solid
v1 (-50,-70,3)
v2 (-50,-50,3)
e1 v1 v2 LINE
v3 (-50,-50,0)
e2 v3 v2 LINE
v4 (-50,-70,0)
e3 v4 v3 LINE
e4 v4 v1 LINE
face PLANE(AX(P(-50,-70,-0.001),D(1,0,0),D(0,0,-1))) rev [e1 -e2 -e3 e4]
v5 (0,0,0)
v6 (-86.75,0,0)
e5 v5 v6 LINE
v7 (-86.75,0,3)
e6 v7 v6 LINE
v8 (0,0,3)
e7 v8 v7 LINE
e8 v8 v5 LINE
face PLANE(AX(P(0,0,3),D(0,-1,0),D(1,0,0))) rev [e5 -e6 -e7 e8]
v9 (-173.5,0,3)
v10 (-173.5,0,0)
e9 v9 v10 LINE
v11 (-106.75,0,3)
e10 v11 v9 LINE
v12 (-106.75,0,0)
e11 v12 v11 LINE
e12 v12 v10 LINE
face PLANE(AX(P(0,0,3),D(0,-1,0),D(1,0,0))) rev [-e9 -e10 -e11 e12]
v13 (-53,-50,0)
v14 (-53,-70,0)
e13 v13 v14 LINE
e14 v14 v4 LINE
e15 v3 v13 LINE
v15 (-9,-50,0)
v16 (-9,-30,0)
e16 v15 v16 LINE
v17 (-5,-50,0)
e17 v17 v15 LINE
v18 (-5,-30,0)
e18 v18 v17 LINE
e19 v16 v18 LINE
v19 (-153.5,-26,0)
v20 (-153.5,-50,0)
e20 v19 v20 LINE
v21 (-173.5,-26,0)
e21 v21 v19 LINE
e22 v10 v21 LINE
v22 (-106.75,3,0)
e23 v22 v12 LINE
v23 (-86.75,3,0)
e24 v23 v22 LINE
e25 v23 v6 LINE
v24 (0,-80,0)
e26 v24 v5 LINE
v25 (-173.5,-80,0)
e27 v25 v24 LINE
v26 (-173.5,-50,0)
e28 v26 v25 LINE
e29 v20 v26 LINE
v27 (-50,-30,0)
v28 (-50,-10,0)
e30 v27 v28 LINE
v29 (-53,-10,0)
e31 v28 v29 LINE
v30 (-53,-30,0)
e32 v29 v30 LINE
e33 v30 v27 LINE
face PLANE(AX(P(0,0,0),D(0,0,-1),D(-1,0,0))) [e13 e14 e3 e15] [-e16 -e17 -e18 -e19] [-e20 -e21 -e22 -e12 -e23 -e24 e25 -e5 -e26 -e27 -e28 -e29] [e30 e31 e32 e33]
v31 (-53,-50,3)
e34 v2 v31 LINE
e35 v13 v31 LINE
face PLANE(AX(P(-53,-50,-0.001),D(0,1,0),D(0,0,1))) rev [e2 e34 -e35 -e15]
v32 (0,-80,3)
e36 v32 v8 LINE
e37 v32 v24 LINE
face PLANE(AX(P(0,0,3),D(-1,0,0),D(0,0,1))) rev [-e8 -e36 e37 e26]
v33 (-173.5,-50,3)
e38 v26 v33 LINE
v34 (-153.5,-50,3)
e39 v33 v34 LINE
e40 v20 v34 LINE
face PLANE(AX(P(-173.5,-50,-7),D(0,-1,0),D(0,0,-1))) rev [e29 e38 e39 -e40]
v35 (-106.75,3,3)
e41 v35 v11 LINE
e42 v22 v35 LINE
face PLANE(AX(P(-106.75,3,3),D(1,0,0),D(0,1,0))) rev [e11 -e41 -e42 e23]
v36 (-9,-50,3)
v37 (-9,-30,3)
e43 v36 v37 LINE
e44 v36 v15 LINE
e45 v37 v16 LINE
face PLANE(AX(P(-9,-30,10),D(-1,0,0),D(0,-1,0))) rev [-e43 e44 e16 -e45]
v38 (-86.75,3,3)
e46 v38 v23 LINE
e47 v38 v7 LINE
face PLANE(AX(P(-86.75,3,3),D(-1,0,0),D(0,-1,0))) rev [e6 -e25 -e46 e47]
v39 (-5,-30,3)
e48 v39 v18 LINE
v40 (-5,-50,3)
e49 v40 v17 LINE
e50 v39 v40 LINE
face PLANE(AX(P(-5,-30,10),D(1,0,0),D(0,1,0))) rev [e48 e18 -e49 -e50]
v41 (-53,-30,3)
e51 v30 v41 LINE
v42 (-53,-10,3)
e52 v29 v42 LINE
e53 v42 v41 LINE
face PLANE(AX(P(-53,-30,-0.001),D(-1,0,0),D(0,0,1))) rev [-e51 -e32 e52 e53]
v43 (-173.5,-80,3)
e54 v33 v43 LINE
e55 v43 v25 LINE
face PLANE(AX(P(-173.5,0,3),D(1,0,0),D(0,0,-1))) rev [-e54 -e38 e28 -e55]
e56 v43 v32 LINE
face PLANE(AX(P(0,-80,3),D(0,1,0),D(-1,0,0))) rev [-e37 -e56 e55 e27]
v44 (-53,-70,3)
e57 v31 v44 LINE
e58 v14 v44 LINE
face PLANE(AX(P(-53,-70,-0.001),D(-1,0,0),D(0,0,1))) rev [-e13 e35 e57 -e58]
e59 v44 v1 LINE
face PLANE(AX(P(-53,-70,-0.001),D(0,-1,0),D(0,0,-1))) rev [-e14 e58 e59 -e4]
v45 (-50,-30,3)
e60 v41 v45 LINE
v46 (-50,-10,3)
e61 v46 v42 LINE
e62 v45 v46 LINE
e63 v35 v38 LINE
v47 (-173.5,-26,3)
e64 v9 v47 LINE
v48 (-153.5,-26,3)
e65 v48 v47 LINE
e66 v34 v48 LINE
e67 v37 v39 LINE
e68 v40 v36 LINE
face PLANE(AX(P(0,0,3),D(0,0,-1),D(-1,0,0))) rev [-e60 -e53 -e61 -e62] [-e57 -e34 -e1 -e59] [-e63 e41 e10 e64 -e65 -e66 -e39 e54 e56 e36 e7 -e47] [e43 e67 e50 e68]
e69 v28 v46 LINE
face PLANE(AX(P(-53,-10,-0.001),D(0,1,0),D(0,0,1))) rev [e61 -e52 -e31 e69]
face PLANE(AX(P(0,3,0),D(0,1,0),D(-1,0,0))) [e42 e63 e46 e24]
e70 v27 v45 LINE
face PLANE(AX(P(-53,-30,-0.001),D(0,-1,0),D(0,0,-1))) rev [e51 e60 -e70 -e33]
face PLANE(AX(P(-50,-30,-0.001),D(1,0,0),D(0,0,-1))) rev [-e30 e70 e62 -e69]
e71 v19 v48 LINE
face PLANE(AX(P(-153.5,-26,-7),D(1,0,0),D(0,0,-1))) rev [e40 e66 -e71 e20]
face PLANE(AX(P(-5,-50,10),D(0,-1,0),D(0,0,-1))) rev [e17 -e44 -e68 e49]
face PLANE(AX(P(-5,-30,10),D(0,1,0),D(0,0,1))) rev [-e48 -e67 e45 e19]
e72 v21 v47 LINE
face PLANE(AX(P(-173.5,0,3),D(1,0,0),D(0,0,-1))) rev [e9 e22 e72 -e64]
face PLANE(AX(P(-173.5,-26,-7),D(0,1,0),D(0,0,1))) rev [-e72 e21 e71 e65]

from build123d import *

# Parameters (mm, degrees)
ESQUISSE2_W             = 173.5
ESQUISSE2_H             = 80
BOSS_EXTRU_2_DEPTH      = 3
ENL_V_MAT_EXTRU_1_REACH = 193.079
ESQUISSE3_W             = 3
ESQUISSE3_H             = 20
ESQUISSE4_W             = 20
ESQUISSE4_H             = 3
BOSS_EXTRU_3_DEPTH      = 3
ESQUISSE5_W             = 4
ESQUISSE5_H             = 20
ENL_V_MAT_EXTRU_2_DEPTH = 10
ESQUISSE6_W             = 20
ESQUISSE6_H             = 24
ENL_V_MAT_EXTRU_3_DEPTH = 10


with BuildPart() as part:
    # Esquisse2 → Boss.-Extru.2 (new body)
    with BuildSketch(Plane.XY):
        with Locations((-86.75, -40)):
            Rectangle(ESQUISSE2_W, ESQUISSE2_H)
    extrude(amount=BOSS_EXTRU_2_DEPTH)

    # Esquisse3 → Enlèv. mat.-Extru.1 (cut, up to next)
    with BuildSketch(Plane.XY.offset(3), mode=Mode.PRIVATE) as enl_v_mat_extru_1_sk1:
        with Locations((-51.5, -60)):
            Rectangle(ESQUISSE3_W, ESQUISSE3_H)
    enl_v_mat_extru_1_tool1 = extrude(enl_v_mat_extru_1_sk1.sketch, amount=-ENL_V_MAT_EXTRU_1_REACH, mode=Mode.PRIVATE) & part.part
    # Esquisse3 → Enlèv. mat.-Extru.1 (cut, up to next)
    with BuildSketch(Plane.XY.offset(3), mode=Mode.PRIVATE) as enl_v_mat_extru_1_sk2:
        with Locations((-51.5, -20)):
            Rectangle(ESQUISSE3_W, ESQUISSE3_H)
    enl_v_mat_extru_1_tool2 = extrude(enl_v_mat_extru_1_sk2.sketch, amount=-ENL_V_MAT_EXTRU_1_REACH, mode=Mode.PRIVATE) & part.part
    add(enl_v_mat_extru_1_tool1.solids().sort_by_distance((-51.5, -60, 3))[0], mode=Mode.SUBTRACT)
    add(enl_v_mat_extru_1_tool2.solids().sort_by_distance((-51.5, -20, 3))[0], mode=Mode.SUBTRACT)

    # Esquisse4 → Boss.-Extru.3 (add)
    with BuildSketch(Plane(origin=(0, 0, 0), x_dir=(1, 0, 0), z_dir=(0, 1, 0))):
        with Locations((-96.75, -1.5)):
            Rectangle(ESQUISSE4_W, ESQUISSE4_H)
    extrude(amount=BOSS_EXTRU_3_DEPTH)

    # Esquisse5 → Enlèv. mat.-Extru.2 (cut)
    with BuildSketch(Plane(origin=(0, 0, 0), x_dir=(-1, 0, 0), z_dir=(0, 0, -1))):
        with Locations((7, -40)):
            Rectangle(ESQUISSE5_W, ESQUISSE5_H)
    extrude(amount=-ENL_V_MAT_EXTRU_2_DEPTH, mode=Mode.SUBTRACT)

    # Esquisse6 → Enlèv. mat.-Extru.3 (cut)
    with BuildSketch(Plane.XY.offset(3)):
        with Locations((-163.5, -38)):
            Rectangle(ESQUISSE6_W, ESQUISSE6_H)
    extrude(amount=-ENL_V_MAT_EXTRU_3_DEPTH, mode=Mode.SUBTRACT)


solid = part.part
